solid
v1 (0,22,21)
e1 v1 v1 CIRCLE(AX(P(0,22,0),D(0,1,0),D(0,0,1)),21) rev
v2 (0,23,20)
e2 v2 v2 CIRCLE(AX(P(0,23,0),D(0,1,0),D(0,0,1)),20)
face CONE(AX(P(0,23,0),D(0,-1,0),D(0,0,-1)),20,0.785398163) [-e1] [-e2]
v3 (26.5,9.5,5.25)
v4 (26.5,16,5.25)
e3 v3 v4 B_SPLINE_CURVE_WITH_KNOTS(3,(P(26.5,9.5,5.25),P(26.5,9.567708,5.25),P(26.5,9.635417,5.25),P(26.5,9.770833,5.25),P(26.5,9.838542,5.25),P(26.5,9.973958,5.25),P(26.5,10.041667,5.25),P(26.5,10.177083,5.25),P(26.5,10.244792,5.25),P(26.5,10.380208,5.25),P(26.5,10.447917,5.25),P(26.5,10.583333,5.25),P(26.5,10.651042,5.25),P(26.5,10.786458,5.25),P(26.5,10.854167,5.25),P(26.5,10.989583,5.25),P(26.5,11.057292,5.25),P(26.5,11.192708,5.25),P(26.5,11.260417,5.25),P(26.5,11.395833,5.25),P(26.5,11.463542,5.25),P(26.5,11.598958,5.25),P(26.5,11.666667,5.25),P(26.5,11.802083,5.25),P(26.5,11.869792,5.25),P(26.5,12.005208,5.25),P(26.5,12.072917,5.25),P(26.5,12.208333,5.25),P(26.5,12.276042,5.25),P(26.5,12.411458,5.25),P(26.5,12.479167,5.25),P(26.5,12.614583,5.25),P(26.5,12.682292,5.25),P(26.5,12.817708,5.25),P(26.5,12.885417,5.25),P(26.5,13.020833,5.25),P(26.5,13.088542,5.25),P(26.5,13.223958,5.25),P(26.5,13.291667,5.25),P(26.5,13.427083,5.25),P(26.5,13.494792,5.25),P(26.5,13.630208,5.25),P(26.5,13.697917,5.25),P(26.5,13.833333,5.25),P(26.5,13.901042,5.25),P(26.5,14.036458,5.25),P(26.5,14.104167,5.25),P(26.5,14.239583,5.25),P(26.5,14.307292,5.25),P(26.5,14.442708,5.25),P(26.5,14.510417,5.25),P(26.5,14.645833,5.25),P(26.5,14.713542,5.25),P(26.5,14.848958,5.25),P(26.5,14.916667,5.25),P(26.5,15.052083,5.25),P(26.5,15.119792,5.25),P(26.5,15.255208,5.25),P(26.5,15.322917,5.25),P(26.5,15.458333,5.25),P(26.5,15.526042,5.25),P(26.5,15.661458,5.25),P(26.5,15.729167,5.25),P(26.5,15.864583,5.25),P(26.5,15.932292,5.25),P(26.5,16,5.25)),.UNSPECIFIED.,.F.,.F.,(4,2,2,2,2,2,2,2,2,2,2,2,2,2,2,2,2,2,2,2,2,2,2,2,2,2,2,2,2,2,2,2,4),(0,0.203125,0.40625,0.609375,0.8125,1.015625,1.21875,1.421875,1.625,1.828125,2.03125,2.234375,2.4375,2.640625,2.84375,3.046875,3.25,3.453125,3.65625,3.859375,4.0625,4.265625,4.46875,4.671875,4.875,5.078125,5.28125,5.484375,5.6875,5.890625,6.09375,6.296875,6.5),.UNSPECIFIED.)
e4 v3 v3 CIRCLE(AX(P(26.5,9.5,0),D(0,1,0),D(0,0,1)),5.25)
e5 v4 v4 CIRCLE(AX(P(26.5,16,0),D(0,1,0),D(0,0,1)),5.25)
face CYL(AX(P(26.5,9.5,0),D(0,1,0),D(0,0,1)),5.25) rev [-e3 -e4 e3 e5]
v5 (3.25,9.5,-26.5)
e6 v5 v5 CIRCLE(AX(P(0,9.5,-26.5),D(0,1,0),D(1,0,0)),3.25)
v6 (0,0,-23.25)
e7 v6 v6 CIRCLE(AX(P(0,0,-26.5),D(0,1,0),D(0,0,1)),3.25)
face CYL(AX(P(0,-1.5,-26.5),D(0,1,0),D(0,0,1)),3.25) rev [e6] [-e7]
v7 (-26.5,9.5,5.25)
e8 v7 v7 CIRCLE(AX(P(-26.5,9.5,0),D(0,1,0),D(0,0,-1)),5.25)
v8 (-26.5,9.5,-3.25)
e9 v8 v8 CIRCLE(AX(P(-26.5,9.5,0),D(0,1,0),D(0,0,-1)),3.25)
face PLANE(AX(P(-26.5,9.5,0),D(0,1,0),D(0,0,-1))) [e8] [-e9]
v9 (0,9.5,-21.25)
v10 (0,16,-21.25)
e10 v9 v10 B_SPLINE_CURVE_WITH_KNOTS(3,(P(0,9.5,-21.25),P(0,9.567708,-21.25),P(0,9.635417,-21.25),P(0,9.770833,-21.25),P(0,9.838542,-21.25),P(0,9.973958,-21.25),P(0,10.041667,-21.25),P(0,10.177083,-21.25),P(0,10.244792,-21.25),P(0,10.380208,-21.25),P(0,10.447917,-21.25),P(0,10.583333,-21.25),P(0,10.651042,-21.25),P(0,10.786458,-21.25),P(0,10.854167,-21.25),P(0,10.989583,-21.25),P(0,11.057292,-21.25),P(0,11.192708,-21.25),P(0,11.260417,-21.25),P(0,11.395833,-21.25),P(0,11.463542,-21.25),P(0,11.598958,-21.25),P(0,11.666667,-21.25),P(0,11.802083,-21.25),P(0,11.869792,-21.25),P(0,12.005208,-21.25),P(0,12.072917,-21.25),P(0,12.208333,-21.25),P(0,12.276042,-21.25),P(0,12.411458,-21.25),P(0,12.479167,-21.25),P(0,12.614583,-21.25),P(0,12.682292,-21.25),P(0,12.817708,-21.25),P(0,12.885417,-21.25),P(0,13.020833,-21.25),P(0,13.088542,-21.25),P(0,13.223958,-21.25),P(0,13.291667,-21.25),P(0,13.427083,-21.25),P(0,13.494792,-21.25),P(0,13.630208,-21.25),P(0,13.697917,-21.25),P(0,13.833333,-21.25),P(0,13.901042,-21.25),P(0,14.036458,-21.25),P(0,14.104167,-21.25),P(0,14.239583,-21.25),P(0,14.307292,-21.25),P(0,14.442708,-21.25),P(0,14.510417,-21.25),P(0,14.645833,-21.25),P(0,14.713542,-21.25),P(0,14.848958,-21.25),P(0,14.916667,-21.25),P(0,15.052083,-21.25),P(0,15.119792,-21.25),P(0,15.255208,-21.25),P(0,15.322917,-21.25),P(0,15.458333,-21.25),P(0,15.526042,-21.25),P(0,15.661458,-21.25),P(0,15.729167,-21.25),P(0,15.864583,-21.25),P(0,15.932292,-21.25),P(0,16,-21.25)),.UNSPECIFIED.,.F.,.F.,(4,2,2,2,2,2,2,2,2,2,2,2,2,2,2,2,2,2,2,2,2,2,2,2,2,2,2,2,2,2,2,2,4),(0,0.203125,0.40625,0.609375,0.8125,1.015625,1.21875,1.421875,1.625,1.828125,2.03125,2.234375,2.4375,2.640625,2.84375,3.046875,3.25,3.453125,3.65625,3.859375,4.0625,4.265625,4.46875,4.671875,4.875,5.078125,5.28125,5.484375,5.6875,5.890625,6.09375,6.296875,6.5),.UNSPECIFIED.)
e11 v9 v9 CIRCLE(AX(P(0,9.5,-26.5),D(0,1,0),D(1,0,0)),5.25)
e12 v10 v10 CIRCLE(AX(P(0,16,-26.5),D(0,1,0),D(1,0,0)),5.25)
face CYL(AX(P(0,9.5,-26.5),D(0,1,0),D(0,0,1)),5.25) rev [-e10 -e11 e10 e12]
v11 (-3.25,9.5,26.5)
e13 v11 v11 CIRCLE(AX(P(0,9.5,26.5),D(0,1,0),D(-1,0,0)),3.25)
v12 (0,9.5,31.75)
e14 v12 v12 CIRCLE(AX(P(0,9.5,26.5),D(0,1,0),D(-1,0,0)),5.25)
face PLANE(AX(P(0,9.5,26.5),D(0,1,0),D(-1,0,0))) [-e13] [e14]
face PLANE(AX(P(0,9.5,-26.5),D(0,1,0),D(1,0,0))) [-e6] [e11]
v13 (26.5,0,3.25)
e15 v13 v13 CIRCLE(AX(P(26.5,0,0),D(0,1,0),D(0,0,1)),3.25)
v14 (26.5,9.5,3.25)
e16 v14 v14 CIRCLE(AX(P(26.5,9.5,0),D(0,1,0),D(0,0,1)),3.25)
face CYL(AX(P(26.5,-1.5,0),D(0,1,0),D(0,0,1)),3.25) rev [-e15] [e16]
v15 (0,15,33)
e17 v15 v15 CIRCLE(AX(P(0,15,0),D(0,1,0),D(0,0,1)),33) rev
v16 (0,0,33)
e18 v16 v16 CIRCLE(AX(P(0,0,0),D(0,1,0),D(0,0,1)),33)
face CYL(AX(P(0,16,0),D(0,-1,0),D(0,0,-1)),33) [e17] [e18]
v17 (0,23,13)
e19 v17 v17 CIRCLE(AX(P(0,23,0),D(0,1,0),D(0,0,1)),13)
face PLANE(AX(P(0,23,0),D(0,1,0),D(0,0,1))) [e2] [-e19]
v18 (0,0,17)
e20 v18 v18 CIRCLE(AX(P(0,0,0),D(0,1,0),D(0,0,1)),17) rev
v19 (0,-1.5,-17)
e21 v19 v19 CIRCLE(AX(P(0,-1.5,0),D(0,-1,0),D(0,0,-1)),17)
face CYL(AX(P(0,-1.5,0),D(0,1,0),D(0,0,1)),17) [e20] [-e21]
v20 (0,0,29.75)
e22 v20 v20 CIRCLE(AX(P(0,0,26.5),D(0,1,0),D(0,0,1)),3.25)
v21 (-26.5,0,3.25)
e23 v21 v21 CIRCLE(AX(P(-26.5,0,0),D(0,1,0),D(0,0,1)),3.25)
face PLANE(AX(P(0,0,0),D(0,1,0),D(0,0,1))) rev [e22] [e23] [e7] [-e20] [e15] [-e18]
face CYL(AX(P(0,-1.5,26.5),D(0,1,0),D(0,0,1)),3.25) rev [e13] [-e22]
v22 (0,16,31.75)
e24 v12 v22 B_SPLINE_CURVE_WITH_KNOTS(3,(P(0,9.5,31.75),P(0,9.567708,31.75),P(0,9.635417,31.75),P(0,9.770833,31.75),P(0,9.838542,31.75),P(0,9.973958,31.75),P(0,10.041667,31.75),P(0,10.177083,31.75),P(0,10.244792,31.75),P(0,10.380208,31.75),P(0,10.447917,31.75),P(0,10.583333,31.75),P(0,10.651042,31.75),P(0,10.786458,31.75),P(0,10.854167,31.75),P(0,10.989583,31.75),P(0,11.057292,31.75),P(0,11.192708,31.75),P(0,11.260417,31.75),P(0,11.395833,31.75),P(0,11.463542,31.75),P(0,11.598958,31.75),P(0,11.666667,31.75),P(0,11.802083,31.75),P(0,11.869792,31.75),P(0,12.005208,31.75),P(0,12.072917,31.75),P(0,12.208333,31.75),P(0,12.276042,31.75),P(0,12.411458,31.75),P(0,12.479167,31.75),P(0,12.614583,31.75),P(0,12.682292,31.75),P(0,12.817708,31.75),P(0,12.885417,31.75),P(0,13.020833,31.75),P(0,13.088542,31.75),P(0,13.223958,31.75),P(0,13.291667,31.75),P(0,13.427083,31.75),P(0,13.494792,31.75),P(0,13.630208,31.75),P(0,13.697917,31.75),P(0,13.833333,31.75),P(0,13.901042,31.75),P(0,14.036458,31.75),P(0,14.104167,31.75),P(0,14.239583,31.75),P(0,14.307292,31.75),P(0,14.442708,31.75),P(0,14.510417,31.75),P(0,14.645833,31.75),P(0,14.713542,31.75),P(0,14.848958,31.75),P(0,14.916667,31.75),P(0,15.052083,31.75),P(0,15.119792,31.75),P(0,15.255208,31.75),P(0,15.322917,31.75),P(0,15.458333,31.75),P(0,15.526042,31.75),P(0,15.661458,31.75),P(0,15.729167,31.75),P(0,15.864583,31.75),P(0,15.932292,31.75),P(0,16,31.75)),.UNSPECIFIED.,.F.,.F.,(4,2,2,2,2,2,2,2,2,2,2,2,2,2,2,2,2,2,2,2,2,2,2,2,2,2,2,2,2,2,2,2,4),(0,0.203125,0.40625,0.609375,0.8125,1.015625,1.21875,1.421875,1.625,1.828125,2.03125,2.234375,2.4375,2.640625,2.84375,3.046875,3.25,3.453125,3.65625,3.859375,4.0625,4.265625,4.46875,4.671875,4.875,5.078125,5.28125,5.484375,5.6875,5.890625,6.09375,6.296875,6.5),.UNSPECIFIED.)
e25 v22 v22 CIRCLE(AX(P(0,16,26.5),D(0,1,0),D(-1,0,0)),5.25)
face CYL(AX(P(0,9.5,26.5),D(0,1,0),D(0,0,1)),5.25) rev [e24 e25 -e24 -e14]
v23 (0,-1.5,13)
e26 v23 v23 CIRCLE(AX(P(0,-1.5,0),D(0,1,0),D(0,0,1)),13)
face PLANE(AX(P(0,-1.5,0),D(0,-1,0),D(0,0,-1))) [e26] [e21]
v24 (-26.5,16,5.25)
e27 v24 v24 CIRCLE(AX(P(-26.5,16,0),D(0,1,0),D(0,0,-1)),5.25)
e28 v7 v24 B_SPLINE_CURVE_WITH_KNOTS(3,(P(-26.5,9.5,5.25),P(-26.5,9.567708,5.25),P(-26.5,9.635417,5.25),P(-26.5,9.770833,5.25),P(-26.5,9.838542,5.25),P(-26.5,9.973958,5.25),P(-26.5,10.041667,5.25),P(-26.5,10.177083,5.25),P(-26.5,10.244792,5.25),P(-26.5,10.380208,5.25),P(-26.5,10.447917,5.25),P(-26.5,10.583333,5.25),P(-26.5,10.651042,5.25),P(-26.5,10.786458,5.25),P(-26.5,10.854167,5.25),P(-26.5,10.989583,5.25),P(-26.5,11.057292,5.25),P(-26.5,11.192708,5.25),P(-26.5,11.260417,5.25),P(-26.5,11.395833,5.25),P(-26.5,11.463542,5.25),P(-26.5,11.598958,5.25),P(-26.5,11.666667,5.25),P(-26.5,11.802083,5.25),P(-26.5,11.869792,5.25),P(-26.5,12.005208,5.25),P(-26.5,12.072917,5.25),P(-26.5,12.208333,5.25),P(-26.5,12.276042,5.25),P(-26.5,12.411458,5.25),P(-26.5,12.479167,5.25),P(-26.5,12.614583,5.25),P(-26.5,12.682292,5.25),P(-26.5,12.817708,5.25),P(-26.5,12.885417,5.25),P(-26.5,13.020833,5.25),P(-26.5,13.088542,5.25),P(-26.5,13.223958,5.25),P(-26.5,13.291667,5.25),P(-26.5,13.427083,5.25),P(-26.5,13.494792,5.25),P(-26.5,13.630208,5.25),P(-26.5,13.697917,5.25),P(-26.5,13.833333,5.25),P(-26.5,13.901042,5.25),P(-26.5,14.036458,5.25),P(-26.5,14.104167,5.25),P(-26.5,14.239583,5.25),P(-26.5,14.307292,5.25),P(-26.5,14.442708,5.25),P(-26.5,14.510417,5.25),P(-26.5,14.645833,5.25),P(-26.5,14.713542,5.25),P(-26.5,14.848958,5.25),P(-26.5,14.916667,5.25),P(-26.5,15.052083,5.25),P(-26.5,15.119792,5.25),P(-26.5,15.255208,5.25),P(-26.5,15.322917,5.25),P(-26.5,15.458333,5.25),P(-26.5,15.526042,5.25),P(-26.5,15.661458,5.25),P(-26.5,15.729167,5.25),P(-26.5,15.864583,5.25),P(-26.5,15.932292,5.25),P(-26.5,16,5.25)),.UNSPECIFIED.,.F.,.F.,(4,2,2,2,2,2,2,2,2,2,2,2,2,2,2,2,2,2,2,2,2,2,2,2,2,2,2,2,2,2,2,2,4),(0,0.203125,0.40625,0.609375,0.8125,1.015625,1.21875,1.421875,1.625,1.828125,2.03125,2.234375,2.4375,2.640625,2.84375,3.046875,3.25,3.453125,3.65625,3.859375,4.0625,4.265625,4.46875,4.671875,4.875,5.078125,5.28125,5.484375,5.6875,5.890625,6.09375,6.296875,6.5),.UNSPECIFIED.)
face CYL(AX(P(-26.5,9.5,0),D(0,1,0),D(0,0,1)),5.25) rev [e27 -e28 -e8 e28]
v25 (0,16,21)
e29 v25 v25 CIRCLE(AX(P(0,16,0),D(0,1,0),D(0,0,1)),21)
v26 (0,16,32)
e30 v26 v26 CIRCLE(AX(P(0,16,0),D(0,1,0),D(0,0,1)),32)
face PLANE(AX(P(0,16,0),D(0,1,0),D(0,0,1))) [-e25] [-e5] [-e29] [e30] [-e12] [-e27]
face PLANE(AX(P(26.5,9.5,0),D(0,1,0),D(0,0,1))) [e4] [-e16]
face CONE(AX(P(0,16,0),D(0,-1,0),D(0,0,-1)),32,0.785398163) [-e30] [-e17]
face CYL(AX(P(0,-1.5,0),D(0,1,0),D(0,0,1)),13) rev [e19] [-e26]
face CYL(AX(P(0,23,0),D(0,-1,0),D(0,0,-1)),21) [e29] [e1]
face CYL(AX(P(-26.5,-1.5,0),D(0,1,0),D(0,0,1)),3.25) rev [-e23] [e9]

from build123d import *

# Parameters (mm, degrees)
CROQUIS1_R              = 33
SALIENTE_EXTRUIR1_DEPTH = 16
CROQUIS2_R              = 21
SALIENTE_EXTRUIR2_DEPTH = 7
CROQUIS3_R              = 17
SALIENTE_EXTRUIR3_DEPTH = 1.5
CROQUIS4_R              = 13
CORTAR_EXTRUIR1_DEPTH   = 53.709107372
CHAFL_N1_SIZE           = 1
CROQUIS5_R              = 5.25
CORTAR_EXTRUIR2_DEPTH   = 6.5
CROQUIS6_R              = 3.25
CORTAR_EXTRUIR3_DEPTH   = 49.582404222
MATRIZC1_COUNT          = 4
CHAFL_N2_SIZE           = 1


with BuildPart() as part:
    # Croquis1 → Saliente-Extruir1 (new body)
    with BuildSketch(Plane(origin=(0, 0, 0), x_dir=(1, 0, 0), z_dir=(0, 1, 0))):
        with Locations(Location((0, 0, 0), (0, 0, 270))):
            Circle(CROQUIS1_R)
    extrude(amount=SALIENTE_EXTRUIR1_DEPTH)

    # Croquis2 → Saliente-Extruir2 (add)
    with BuildSketch(Plane(origin=(0, 16, 0), x_dir=(1, 0, 0), z_dir=(0, 1, 0))):
        with Locations(Location((0, 0, 0), (0, 0, 270))):
            Circle(CROQUIS2_R)
    extrude(amount=SALIENTE_EXTRUIR2_DEPTH)

    # Croquis3 → Saliente-Extruir3 (add)
    with BuildSketch(Plane.XZ):
        with Locations(Location((0, 0, 0), (0, 0, 90))):
            Circle(CROQUIS3_R)
    extrude(amount=SALIENTE_EXTRUIR3_DEPTH)

    # Croquis4 → Cortar-Extruir1 (cut, through all)
    with BuildSketch(Plane(origin=(0, 23, 0), x_dir=(1, 0, 0), z_dir=(0, 1, 0))):
        with Locations(Location((0, 0, 0), (0, 0, 270))):
            Circle(CROQUIS4_R)
    extrude(amount=-CORTAR_EXTRUIR1_DEPTH, mode=Mode.SUBTRACT)

    # Chaflán1
    chafl_n1_edges = [part.edges().sort_by_distance(p)[0] for p in [
        (0, 16, -33),
    ]]
    chamfer(chafl_n1_edges, length=CHAFL_N1_SIZE)

    # Croquis5 → Cortar-Extruir2 (cut)
    with BuildSketch(Plane(origin=(0, 16, 0), x_dir=(1, 0, 0), z_dir=(0, 1, 0))):
        with Locations(Location((26.5, 0, 0), (0, 0, 270))):
            Circle(CROQUIS5_R)
    cortar_extruir2 = extrude(amount=-CORTAR_EXTRUIR2_DEPTH, mode=Mode.SUBTRACT)

    # Croquis6 → Cortar-Extruir3 (cut, through all)
    with BuildSketch(Plane(origin=(0, 9.5, 0), x_dir=(1, 0, 0), z_dir=(0, 1, 0))):
        with Locations(Location((26.5, 0, 0), (0, 0, 270))):
            Circle(CROQUIS6_R)
    cortar_extruir3 = extrude(amount=-CORTAR_EXTRUIR3_DEPTH, mode=Mode.SUBTRACT)

    # MatrizC1: Cortar-Extruir2, Cortar-Extruir3 ×4 about axis
    matrizc1_axis = Axis((0, 0, 0), (0, 1, 0))
    add([cortar_extruir2.rotate(matrizc1_axis, i * 360 / MATRIZC1_COUNT) for i in range(1, MATRIZC1_COUNT)], mode=Mode.SUBTRACT)
    add([cortar_extruir3.rotate(matrizc1_axis, i * 360 / MATRIZC1_COUNT) for i in range(1, MATRIZC1_COUNT)], mode=Mode.SUBTRACT)

    # Chaflán2
    chafl_n2_edges = [part.edges().sort_by_distance(p)[0] for p in [
        (0, 23, -21),
    ]]
    chamfer(chafl_n2_edges, length=CHAFL_N2_SIZE)


solid = part.part
